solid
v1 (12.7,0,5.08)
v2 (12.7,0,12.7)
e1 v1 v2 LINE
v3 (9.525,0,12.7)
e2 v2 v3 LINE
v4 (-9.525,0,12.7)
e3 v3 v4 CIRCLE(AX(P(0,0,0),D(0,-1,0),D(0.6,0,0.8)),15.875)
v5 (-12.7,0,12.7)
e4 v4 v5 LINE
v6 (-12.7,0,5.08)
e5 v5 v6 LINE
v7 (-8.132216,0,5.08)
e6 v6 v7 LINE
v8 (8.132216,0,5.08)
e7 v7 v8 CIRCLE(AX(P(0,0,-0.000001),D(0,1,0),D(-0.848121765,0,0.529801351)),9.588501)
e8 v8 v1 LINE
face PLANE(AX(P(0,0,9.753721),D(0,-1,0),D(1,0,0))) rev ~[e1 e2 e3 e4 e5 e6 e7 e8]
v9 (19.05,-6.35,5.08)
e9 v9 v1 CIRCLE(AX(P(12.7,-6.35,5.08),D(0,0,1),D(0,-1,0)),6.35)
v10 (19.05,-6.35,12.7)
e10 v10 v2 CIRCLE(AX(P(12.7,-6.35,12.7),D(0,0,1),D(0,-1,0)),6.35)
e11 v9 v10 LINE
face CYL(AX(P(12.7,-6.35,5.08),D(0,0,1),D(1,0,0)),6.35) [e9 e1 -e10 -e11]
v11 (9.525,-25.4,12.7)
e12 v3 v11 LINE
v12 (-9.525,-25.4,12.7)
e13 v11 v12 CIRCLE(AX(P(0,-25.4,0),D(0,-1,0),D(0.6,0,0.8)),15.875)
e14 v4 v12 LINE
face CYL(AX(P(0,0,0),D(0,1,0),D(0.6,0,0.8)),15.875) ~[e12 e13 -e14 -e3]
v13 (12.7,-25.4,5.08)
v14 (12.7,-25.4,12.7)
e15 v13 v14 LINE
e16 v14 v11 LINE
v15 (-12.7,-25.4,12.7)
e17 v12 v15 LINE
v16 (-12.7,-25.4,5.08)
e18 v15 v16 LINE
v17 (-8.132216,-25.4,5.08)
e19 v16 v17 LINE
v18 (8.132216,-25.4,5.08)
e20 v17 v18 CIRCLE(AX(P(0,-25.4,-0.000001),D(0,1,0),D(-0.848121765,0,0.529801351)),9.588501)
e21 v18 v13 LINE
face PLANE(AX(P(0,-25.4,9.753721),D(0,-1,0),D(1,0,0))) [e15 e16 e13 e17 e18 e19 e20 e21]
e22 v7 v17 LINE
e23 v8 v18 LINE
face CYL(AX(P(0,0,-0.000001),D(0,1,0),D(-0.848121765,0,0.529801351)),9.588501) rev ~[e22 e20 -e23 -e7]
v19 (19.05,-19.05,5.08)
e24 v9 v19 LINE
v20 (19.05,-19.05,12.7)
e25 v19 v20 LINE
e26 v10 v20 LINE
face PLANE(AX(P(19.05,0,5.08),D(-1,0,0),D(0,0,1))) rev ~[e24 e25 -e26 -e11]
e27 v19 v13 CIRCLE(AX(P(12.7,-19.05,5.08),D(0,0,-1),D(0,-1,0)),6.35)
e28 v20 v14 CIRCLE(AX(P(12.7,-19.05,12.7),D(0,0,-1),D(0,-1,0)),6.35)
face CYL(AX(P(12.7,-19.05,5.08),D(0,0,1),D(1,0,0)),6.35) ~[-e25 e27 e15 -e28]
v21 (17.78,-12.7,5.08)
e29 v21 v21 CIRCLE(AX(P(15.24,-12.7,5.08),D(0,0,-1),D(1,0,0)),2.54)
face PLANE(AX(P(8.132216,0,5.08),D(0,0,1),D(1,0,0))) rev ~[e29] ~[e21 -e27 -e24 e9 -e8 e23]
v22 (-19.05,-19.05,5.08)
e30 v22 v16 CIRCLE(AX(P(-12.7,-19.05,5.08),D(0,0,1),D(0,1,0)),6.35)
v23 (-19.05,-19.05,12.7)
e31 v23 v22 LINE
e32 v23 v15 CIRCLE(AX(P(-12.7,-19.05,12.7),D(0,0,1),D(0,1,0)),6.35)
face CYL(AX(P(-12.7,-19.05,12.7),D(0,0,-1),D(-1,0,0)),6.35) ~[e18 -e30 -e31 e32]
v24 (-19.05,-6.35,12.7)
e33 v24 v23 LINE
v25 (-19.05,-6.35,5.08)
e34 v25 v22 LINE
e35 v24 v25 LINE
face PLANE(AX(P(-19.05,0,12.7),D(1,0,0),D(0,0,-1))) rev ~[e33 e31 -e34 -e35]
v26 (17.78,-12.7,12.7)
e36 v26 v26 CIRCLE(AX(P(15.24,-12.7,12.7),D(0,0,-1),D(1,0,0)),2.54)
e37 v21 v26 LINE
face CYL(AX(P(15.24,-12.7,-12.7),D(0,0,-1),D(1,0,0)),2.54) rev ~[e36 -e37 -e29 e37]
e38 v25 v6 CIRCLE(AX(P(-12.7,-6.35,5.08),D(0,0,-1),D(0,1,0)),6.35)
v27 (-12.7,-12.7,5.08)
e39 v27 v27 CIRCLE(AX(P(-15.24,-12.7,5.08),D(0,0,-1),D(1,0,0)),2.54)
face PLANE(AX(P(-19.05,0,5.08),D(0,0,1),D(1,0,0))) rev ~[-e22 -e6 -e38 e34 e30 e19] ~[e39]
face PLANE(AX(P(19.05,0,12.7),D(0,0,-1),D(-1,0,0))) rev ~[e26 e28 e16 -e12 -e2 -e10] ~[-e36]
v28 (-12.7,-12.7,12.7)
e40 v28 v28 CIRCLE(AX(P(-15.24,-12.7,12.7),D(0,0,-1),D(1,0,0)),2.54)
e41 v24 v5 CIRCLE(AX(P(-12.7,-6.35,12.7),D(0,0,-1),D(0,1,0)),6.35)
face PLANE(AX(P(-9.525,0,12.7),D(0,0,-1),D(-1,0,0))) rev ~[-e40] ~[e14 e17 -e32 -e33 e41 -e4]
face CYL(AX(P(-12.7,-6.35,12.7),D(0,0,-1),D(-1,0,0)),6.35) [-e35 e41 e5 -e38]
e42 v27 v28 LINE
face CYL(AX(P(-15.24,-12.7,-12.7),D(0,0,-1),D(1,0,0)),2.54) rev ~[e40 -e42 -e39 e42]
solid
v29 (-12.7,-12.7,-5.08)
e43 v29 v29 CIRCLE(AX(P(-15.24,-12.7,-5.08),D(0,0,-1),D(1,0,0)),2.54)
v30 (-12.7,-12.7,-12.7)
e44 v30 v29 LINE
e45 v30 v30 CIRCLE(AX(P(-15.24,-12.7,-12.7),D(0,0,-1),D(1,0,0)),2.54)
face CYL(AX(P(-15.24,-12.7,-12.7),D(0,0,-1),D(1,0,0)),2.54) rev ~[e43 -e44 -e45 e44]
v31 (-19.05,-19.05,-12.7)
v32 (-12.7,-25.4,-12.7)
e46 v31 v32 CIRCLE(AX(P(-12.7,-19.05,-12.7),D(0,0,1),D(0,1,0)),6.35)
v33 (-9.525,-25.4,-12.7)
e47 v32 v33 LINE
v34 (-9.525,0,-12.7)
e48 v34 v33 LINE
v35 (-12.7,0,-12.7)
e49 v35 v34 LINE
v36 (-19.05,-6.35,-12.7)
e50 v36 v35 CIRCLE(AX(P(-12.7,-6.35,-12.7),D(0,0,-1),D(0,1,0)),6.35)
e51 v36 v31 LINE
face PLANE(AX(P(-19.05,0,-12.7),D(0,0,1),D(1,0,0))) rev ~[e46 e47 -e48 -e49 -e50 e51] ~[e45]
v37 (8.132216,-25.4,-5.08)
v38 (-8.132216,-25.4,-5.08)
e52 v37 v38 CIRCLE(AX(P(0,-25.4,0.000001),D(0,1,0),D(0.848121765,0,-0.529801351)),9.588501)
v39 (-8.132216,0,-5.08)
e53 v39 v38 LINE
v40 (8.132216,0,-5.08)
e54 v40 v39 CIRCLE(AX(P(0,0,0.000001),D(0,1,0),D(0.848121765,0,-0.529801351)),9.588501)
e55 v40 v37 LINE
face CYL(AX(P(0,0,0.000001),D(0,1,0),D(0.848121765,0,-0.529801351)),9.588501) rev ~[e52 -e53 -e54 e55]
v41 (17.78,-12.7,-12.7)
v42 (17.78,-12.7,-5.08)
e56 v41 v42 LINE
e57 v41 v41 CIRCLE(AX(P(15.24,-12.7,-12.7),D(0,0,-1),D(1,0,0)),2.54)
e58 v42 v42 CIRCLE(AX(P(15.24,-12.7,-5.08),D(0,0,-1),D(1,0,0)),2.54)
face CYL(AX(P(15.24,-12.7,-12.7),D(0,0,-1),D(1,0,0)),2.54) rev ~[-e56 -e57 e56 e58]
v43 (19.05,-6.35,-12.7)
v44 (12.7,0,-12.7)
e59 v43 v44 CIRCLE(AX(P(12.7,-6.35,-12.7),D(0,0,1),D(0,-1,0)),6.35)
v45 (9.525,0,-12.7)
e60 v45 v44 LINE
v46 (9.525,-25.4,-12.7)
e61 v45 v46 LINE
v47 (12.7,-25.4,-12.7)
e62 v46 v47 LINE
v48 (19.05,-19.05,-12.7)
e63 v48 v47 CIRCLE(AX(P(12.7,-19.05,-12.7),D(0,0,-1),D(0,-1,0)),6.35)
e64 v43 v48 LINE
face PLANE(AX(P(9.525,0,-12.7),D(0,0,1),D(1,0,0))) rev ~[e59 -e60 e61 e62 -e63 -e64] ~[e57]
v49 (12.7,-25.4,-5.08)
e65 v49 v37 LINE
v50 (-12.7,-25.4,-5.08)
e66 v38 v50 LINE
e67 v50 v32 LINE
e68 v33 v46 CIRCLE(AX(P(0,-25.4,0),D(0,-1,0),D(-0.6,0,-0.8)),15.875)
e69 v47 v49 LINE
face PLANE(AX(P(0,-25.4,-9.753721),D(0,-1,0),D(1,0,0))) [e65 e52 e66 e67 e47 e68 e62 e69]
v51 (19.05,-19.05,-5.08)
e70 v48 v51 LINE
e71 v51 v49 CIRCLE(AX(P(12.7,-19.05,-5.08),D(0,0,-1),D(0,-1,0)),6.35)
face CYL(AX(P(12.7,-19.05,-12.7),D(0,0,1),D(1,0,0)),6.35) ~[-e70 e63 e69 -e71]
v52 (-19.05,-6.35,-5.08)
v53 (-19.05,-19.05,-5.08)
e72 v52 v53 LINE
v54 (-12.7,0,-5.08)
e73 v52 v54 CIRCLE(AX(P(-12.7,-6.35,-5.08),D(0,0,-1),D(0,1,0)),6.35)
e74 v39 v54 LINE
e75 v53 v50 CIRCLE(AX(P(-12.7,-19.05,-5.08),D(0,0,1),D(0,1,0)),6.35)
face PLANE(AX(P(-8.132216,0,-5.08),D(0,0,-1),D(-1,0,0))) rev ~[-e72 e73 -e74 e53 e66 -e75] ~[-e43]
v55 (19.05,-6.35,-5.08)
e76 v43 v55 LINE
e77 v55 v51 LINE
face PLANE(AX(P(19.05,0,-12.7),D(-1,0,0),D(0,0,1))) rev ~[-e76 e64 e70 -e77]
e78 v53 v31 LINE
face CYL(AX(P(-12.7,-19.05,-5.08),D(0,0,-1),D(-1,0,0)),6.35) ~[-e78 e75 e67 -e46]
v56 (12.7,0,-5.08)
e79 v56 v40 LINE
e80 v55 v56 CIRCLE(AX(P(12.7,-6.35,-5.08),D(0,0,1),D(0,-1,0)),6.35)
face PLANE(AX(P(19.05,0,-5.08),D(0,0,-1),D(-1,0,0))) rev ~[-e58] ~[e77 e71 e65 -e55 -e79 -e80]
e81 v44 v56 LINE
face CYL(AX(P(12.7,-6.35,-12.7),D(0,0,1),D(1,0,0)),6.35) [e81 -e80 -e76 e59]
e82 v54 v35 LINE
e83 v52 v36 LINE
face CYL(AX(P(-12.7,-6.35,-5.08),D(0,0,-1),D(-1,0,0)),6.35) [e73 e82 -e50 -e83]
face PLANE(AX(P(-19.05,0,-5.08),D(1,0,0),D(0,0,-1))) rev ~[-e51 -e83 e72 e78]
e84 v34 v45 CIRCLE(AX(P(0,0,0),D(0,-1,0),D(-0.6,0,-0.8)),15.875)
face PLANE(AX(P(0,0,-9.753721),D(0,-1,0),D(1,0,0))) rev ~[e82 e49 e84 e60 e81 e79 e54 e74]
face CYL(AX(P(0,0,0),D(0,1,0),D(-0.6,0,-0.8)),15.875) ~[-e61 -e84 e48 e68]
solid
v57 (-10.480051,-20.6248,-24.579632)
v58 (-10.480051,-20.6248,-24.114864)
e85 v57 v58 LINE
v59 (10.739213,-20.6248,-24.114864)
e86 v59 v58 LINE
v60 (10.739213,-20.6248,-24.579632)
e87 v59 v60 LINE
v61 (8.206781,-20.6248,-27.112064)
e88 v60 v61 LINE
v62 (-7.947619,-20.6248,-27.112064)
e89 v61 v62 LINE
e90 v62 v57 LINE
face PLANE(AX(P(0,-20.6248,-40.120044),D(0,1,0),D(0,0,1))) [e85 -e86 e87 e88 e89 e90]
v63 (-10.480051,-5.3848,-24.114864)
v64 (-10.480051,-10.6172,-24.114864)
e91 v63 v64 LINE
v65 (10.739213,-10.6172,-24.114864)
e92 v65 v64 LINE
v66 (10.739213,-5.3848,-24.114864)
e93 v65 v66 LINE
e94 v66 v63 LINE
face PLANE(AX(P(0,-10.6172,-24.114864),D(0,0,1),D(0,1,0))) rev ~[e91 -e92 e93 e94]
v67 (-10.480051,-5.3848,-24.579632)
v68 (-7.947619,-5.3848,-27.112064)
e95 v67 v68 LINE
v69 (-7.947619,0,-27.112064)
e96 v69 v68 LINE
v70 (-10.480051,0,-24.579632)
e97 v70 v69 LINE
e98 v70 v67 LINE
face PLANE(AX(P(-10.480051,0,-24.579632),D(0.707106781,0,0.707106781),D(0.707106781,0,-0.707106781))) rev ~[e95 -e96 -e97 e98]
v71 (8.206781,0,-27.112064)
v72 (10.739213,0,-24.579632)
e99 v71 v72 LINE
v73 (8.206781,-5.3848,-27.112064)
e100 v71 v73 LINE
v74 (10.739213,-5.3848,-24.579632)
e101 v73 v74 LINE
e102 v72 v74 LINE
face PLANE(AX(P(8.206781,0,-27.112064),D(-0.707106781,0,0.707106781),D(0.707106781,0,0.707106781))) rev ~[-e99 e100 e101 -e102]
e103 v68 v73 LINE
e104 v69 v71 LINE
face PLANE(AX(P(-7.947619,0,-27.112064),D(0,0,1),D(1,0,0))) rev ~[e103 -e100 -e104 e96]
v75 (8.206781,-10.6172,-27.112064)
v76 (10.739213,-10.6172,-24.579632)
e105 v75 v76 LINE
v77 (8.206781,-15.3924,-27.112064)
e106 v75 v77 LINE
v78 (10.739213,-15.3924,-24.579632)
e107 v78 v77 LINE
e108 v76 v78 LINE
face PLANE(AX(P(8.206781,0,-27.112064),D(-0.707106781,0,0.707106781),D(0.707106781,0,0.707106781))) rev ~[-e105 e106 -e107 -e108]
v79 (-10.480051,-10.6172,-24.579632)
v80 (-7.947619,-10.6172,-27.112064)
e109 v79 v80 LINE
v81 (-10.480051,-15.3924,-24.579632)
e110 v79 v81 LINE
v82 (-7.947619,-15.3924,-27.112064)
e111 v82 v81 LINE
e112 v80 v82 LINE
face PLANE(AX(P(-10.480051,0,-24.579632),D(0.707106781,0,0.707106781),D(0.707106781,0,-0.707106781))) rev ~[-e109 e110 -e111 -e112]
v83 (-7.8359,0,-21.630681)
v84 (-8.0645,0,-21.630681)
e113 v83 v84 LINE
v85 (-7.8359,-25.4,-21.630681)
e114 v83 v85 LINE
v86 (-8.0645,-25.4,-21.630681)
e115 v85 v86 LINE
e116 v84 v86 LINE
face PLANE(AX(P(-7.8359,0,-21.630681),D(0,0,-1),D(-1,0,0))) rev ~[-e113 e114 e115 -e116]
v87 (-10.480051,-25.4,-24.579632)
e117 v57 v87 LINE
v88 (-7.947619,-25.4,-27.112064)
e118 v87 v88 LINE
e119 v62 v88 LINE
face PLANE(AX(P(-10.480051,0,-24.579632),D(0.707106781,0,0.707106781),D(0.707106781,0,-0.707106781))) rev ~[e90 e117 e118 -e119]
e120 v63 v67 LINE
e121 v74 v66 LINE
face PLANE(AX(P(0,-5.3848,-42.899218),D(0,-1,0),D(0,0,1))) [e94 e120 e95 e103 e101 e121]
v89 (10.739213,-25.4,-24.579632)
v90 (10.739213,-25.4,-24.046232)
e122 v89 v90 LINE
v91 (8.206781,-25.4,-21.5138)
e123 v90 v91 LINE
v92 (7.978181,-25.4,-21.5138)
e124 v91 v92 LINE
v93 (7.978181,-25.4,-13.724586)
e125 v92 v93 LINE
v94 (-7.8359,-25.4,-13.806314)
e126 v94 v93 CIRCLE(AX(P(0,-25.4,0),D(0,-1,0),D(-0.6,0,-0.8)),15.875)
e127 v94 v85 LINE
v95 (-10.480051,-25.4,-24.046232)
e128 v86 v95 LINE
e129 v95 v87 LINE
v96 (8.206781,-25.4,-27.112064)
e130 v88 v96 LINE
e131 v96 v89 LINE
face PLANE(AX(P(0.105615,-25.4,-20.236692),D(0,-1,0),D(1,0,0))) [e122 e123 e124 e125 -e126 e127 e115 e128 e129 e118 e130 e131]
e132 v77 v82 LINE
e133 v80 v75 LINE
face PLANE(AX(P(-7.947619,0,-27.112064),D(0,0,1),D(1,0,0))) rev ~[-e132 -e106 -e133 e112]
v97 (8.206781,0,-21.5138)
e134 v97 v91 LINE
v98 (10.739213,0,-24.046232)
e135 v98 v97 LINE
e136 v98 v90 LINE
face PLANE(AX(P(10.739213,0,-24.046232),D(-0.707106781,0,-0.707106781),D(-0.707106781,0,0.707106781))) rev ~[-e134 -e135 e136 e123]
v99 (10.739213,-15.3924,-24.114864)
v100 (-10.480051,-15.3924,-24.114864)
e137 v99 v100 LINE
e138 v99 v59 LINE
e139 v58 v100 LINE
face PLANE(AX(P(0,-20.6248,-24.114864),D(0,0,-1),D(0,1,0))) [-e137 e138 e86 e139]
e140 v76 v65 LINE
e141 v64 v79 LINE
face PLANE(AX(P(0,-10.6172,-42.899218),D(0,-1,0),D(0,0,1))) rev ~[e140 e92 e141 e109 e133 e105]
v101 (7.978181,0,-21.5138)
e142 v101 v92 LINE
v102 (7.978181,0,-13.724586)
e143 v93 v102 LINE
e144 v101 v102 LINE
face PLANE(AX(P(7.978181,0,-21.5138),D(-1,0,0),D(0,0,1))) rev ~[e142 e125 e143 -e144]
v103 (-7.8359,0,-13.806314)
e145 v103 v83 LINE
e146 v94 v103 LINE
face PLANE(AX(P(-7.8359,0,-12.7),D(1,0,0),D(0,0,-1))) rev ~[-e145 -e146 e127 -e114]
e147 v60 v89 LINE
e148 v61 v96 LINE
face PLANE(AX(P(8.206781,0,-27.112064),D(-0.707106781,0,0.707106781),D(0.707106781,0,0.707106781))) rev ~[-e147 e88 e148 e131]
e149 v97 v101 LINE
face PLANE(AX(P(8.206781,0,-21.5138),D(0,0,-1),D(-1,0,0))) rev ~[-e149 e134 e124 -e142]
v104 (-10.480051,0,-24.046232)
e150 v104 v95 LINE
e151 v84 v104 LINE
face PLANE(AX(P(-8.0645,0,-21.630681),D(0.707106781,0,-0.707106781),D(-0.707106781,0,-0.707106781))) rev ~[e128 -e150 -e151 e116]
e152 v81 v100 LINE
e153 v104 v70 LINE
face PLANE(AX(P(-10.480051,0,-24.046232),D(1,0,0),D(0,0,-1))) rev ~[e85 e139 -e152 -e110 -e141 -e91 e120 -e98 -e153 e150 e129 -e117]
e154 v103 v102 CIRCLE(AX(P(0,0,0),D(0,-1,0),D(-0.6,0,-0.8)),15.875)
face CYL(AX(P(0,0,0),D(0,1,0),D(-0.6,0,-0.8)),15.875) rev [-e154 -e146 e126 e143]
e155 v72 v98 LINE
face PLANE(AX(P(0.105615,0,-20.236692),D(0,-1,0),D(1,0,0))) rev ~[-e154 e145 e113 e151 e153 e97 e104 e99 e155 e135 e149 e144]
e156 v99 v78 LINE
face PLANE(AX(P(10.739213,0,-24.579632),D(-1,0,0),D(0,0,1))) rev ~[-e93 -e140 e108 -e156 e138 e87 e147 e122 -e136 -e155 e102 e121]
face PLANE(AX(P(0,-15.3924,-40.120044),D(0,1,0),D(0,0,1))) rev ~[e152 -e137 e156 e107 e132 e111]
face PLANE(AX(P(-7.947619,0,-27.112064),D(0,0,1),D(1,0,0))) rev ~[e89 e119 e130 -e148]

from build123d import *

# Parameters (mm, degrees)
F1_DEPTH = 25.4
F3_DEPTH = 25.4
F4_W     = 5.2324
F4_H     = 18.784354
F4_H_2   = 16.00518
F5_DEPTH = 12.7
F7_R     = 6.35
F8_R     = 2.54
F9_DEPTH = 38.1


with BuildPart() as f1:
    # F0 (on Front) → F1 (new body)
    with BuildSketch(Plane.XZ):
        with BuildLine():
            Line((-19.05, 12.7), (-19.05, 5.08))
            Line((-19.05, 5.08), (-8.132216, 5.08))
            ThreePointArc((-8.132216, 5.08), (0, 9.5885), (8.132216, 5.08))
            Line((8.132216, 5.08), (19.05, 5.08))
            Line((19.05, 5.08), (19.05, 12.7))
            Line((19.05, 12.7), (9.525, 12.7))
            ThreePointArc((9.525, 12.7), (0, 15.875), (-9.525, 12.7))
            Line((-9.525, 12.7), (-19.05, 12.7))
        make_face()
        with BuildLine():
            ThreePointArc((8.132216, -5.08), (0, -9.5885), (-8.132216, -5.08))
            Line((-8.132216, -5.08), (-19.05, -5.08))
            Line((-19.05, -5.08), (-19.05, -12.7))
            Line((-19.05, -12.7), (-9.525, -12.7))
            ThreePointArc((-9.525, -12.7), (0, -15.875), (9.525, -12.7))
            Line((9.525, -12.7), (19.05, -12.7))
            Line((19.05, -12.7), (19.05, -5.08))
            Line((19.05, -5.08), (8.132216, -5.08))
        make_face()
    extrude(amount=F1_DEPTH)

    # F7
    f7_edges = [f1.edges().sort_by_distance(p)[0] for p in [
        (-19.05, 0, -8.89),
        (-19.05, 0, 8.89),
        (-19.05, -25.4, 8.89),
        (-19.05, -25.4, -8.89),
        (19.05, -25.4, -8.89),
        (19.05, -25.4, 8.89),
        (19.05, 0, -8.89),
        (19.05, 0, 8.89),
    ]]
    fillet(f7_edges, radius=F7_R)

    # F8 (on face) → F9 (cut)
    with BuildSketch(Plane(origin=(0, 0, -12.7), x_dir=(1, 0, 0), z_dir=(0, 0, -1))):
        with Locations((-15.24, 12.7)):
            Circle(F8_R)
        with Locations((15.24, 12.7)):
            Circle(F8_R)
    extrude(amount=-F9_DEPTH, mode=Mode.SUBTRACT)


with BuildPart() as f3:
    # F2 (on Front) → F3 (new body)
    with BuildSketch(Plane.XZ):
        Polygon((7.978181, -12.7), (-7.8359, -12.7), (-7.8359, -21.630681), (-8.0645, -21.630681), (-10.480051, -24.046232), (-10.480051, -24.579632), (-7.947619, -27.112064), (8.206781, -27.112064), (10.739213, -24.579632), (10.739213, -24.046232), (8.206781, -21.5138), (7.978181, -21.5138), align=None)
    extrude(amount=F3_DEPTH)

    # F4 (on Right) → F5 (cut, symmetric)
    with BuildSketch(Plane.YZ):
        with Locations((-8.001, -33.507041)):
            Rectangle(F4_W, F4_H)
        with Locations((-18.0086, -32.117454)):
            Rectangle(F4_W, F4_H_2)
    extrude(amount=F5_DEPTH, both=True, mode=Mode.SUBTRACT)

    # F6: cut F1
    add(f1.part, mode=Mode.SUBTRACT)


solid = Compound([f1.part, f3.part])
